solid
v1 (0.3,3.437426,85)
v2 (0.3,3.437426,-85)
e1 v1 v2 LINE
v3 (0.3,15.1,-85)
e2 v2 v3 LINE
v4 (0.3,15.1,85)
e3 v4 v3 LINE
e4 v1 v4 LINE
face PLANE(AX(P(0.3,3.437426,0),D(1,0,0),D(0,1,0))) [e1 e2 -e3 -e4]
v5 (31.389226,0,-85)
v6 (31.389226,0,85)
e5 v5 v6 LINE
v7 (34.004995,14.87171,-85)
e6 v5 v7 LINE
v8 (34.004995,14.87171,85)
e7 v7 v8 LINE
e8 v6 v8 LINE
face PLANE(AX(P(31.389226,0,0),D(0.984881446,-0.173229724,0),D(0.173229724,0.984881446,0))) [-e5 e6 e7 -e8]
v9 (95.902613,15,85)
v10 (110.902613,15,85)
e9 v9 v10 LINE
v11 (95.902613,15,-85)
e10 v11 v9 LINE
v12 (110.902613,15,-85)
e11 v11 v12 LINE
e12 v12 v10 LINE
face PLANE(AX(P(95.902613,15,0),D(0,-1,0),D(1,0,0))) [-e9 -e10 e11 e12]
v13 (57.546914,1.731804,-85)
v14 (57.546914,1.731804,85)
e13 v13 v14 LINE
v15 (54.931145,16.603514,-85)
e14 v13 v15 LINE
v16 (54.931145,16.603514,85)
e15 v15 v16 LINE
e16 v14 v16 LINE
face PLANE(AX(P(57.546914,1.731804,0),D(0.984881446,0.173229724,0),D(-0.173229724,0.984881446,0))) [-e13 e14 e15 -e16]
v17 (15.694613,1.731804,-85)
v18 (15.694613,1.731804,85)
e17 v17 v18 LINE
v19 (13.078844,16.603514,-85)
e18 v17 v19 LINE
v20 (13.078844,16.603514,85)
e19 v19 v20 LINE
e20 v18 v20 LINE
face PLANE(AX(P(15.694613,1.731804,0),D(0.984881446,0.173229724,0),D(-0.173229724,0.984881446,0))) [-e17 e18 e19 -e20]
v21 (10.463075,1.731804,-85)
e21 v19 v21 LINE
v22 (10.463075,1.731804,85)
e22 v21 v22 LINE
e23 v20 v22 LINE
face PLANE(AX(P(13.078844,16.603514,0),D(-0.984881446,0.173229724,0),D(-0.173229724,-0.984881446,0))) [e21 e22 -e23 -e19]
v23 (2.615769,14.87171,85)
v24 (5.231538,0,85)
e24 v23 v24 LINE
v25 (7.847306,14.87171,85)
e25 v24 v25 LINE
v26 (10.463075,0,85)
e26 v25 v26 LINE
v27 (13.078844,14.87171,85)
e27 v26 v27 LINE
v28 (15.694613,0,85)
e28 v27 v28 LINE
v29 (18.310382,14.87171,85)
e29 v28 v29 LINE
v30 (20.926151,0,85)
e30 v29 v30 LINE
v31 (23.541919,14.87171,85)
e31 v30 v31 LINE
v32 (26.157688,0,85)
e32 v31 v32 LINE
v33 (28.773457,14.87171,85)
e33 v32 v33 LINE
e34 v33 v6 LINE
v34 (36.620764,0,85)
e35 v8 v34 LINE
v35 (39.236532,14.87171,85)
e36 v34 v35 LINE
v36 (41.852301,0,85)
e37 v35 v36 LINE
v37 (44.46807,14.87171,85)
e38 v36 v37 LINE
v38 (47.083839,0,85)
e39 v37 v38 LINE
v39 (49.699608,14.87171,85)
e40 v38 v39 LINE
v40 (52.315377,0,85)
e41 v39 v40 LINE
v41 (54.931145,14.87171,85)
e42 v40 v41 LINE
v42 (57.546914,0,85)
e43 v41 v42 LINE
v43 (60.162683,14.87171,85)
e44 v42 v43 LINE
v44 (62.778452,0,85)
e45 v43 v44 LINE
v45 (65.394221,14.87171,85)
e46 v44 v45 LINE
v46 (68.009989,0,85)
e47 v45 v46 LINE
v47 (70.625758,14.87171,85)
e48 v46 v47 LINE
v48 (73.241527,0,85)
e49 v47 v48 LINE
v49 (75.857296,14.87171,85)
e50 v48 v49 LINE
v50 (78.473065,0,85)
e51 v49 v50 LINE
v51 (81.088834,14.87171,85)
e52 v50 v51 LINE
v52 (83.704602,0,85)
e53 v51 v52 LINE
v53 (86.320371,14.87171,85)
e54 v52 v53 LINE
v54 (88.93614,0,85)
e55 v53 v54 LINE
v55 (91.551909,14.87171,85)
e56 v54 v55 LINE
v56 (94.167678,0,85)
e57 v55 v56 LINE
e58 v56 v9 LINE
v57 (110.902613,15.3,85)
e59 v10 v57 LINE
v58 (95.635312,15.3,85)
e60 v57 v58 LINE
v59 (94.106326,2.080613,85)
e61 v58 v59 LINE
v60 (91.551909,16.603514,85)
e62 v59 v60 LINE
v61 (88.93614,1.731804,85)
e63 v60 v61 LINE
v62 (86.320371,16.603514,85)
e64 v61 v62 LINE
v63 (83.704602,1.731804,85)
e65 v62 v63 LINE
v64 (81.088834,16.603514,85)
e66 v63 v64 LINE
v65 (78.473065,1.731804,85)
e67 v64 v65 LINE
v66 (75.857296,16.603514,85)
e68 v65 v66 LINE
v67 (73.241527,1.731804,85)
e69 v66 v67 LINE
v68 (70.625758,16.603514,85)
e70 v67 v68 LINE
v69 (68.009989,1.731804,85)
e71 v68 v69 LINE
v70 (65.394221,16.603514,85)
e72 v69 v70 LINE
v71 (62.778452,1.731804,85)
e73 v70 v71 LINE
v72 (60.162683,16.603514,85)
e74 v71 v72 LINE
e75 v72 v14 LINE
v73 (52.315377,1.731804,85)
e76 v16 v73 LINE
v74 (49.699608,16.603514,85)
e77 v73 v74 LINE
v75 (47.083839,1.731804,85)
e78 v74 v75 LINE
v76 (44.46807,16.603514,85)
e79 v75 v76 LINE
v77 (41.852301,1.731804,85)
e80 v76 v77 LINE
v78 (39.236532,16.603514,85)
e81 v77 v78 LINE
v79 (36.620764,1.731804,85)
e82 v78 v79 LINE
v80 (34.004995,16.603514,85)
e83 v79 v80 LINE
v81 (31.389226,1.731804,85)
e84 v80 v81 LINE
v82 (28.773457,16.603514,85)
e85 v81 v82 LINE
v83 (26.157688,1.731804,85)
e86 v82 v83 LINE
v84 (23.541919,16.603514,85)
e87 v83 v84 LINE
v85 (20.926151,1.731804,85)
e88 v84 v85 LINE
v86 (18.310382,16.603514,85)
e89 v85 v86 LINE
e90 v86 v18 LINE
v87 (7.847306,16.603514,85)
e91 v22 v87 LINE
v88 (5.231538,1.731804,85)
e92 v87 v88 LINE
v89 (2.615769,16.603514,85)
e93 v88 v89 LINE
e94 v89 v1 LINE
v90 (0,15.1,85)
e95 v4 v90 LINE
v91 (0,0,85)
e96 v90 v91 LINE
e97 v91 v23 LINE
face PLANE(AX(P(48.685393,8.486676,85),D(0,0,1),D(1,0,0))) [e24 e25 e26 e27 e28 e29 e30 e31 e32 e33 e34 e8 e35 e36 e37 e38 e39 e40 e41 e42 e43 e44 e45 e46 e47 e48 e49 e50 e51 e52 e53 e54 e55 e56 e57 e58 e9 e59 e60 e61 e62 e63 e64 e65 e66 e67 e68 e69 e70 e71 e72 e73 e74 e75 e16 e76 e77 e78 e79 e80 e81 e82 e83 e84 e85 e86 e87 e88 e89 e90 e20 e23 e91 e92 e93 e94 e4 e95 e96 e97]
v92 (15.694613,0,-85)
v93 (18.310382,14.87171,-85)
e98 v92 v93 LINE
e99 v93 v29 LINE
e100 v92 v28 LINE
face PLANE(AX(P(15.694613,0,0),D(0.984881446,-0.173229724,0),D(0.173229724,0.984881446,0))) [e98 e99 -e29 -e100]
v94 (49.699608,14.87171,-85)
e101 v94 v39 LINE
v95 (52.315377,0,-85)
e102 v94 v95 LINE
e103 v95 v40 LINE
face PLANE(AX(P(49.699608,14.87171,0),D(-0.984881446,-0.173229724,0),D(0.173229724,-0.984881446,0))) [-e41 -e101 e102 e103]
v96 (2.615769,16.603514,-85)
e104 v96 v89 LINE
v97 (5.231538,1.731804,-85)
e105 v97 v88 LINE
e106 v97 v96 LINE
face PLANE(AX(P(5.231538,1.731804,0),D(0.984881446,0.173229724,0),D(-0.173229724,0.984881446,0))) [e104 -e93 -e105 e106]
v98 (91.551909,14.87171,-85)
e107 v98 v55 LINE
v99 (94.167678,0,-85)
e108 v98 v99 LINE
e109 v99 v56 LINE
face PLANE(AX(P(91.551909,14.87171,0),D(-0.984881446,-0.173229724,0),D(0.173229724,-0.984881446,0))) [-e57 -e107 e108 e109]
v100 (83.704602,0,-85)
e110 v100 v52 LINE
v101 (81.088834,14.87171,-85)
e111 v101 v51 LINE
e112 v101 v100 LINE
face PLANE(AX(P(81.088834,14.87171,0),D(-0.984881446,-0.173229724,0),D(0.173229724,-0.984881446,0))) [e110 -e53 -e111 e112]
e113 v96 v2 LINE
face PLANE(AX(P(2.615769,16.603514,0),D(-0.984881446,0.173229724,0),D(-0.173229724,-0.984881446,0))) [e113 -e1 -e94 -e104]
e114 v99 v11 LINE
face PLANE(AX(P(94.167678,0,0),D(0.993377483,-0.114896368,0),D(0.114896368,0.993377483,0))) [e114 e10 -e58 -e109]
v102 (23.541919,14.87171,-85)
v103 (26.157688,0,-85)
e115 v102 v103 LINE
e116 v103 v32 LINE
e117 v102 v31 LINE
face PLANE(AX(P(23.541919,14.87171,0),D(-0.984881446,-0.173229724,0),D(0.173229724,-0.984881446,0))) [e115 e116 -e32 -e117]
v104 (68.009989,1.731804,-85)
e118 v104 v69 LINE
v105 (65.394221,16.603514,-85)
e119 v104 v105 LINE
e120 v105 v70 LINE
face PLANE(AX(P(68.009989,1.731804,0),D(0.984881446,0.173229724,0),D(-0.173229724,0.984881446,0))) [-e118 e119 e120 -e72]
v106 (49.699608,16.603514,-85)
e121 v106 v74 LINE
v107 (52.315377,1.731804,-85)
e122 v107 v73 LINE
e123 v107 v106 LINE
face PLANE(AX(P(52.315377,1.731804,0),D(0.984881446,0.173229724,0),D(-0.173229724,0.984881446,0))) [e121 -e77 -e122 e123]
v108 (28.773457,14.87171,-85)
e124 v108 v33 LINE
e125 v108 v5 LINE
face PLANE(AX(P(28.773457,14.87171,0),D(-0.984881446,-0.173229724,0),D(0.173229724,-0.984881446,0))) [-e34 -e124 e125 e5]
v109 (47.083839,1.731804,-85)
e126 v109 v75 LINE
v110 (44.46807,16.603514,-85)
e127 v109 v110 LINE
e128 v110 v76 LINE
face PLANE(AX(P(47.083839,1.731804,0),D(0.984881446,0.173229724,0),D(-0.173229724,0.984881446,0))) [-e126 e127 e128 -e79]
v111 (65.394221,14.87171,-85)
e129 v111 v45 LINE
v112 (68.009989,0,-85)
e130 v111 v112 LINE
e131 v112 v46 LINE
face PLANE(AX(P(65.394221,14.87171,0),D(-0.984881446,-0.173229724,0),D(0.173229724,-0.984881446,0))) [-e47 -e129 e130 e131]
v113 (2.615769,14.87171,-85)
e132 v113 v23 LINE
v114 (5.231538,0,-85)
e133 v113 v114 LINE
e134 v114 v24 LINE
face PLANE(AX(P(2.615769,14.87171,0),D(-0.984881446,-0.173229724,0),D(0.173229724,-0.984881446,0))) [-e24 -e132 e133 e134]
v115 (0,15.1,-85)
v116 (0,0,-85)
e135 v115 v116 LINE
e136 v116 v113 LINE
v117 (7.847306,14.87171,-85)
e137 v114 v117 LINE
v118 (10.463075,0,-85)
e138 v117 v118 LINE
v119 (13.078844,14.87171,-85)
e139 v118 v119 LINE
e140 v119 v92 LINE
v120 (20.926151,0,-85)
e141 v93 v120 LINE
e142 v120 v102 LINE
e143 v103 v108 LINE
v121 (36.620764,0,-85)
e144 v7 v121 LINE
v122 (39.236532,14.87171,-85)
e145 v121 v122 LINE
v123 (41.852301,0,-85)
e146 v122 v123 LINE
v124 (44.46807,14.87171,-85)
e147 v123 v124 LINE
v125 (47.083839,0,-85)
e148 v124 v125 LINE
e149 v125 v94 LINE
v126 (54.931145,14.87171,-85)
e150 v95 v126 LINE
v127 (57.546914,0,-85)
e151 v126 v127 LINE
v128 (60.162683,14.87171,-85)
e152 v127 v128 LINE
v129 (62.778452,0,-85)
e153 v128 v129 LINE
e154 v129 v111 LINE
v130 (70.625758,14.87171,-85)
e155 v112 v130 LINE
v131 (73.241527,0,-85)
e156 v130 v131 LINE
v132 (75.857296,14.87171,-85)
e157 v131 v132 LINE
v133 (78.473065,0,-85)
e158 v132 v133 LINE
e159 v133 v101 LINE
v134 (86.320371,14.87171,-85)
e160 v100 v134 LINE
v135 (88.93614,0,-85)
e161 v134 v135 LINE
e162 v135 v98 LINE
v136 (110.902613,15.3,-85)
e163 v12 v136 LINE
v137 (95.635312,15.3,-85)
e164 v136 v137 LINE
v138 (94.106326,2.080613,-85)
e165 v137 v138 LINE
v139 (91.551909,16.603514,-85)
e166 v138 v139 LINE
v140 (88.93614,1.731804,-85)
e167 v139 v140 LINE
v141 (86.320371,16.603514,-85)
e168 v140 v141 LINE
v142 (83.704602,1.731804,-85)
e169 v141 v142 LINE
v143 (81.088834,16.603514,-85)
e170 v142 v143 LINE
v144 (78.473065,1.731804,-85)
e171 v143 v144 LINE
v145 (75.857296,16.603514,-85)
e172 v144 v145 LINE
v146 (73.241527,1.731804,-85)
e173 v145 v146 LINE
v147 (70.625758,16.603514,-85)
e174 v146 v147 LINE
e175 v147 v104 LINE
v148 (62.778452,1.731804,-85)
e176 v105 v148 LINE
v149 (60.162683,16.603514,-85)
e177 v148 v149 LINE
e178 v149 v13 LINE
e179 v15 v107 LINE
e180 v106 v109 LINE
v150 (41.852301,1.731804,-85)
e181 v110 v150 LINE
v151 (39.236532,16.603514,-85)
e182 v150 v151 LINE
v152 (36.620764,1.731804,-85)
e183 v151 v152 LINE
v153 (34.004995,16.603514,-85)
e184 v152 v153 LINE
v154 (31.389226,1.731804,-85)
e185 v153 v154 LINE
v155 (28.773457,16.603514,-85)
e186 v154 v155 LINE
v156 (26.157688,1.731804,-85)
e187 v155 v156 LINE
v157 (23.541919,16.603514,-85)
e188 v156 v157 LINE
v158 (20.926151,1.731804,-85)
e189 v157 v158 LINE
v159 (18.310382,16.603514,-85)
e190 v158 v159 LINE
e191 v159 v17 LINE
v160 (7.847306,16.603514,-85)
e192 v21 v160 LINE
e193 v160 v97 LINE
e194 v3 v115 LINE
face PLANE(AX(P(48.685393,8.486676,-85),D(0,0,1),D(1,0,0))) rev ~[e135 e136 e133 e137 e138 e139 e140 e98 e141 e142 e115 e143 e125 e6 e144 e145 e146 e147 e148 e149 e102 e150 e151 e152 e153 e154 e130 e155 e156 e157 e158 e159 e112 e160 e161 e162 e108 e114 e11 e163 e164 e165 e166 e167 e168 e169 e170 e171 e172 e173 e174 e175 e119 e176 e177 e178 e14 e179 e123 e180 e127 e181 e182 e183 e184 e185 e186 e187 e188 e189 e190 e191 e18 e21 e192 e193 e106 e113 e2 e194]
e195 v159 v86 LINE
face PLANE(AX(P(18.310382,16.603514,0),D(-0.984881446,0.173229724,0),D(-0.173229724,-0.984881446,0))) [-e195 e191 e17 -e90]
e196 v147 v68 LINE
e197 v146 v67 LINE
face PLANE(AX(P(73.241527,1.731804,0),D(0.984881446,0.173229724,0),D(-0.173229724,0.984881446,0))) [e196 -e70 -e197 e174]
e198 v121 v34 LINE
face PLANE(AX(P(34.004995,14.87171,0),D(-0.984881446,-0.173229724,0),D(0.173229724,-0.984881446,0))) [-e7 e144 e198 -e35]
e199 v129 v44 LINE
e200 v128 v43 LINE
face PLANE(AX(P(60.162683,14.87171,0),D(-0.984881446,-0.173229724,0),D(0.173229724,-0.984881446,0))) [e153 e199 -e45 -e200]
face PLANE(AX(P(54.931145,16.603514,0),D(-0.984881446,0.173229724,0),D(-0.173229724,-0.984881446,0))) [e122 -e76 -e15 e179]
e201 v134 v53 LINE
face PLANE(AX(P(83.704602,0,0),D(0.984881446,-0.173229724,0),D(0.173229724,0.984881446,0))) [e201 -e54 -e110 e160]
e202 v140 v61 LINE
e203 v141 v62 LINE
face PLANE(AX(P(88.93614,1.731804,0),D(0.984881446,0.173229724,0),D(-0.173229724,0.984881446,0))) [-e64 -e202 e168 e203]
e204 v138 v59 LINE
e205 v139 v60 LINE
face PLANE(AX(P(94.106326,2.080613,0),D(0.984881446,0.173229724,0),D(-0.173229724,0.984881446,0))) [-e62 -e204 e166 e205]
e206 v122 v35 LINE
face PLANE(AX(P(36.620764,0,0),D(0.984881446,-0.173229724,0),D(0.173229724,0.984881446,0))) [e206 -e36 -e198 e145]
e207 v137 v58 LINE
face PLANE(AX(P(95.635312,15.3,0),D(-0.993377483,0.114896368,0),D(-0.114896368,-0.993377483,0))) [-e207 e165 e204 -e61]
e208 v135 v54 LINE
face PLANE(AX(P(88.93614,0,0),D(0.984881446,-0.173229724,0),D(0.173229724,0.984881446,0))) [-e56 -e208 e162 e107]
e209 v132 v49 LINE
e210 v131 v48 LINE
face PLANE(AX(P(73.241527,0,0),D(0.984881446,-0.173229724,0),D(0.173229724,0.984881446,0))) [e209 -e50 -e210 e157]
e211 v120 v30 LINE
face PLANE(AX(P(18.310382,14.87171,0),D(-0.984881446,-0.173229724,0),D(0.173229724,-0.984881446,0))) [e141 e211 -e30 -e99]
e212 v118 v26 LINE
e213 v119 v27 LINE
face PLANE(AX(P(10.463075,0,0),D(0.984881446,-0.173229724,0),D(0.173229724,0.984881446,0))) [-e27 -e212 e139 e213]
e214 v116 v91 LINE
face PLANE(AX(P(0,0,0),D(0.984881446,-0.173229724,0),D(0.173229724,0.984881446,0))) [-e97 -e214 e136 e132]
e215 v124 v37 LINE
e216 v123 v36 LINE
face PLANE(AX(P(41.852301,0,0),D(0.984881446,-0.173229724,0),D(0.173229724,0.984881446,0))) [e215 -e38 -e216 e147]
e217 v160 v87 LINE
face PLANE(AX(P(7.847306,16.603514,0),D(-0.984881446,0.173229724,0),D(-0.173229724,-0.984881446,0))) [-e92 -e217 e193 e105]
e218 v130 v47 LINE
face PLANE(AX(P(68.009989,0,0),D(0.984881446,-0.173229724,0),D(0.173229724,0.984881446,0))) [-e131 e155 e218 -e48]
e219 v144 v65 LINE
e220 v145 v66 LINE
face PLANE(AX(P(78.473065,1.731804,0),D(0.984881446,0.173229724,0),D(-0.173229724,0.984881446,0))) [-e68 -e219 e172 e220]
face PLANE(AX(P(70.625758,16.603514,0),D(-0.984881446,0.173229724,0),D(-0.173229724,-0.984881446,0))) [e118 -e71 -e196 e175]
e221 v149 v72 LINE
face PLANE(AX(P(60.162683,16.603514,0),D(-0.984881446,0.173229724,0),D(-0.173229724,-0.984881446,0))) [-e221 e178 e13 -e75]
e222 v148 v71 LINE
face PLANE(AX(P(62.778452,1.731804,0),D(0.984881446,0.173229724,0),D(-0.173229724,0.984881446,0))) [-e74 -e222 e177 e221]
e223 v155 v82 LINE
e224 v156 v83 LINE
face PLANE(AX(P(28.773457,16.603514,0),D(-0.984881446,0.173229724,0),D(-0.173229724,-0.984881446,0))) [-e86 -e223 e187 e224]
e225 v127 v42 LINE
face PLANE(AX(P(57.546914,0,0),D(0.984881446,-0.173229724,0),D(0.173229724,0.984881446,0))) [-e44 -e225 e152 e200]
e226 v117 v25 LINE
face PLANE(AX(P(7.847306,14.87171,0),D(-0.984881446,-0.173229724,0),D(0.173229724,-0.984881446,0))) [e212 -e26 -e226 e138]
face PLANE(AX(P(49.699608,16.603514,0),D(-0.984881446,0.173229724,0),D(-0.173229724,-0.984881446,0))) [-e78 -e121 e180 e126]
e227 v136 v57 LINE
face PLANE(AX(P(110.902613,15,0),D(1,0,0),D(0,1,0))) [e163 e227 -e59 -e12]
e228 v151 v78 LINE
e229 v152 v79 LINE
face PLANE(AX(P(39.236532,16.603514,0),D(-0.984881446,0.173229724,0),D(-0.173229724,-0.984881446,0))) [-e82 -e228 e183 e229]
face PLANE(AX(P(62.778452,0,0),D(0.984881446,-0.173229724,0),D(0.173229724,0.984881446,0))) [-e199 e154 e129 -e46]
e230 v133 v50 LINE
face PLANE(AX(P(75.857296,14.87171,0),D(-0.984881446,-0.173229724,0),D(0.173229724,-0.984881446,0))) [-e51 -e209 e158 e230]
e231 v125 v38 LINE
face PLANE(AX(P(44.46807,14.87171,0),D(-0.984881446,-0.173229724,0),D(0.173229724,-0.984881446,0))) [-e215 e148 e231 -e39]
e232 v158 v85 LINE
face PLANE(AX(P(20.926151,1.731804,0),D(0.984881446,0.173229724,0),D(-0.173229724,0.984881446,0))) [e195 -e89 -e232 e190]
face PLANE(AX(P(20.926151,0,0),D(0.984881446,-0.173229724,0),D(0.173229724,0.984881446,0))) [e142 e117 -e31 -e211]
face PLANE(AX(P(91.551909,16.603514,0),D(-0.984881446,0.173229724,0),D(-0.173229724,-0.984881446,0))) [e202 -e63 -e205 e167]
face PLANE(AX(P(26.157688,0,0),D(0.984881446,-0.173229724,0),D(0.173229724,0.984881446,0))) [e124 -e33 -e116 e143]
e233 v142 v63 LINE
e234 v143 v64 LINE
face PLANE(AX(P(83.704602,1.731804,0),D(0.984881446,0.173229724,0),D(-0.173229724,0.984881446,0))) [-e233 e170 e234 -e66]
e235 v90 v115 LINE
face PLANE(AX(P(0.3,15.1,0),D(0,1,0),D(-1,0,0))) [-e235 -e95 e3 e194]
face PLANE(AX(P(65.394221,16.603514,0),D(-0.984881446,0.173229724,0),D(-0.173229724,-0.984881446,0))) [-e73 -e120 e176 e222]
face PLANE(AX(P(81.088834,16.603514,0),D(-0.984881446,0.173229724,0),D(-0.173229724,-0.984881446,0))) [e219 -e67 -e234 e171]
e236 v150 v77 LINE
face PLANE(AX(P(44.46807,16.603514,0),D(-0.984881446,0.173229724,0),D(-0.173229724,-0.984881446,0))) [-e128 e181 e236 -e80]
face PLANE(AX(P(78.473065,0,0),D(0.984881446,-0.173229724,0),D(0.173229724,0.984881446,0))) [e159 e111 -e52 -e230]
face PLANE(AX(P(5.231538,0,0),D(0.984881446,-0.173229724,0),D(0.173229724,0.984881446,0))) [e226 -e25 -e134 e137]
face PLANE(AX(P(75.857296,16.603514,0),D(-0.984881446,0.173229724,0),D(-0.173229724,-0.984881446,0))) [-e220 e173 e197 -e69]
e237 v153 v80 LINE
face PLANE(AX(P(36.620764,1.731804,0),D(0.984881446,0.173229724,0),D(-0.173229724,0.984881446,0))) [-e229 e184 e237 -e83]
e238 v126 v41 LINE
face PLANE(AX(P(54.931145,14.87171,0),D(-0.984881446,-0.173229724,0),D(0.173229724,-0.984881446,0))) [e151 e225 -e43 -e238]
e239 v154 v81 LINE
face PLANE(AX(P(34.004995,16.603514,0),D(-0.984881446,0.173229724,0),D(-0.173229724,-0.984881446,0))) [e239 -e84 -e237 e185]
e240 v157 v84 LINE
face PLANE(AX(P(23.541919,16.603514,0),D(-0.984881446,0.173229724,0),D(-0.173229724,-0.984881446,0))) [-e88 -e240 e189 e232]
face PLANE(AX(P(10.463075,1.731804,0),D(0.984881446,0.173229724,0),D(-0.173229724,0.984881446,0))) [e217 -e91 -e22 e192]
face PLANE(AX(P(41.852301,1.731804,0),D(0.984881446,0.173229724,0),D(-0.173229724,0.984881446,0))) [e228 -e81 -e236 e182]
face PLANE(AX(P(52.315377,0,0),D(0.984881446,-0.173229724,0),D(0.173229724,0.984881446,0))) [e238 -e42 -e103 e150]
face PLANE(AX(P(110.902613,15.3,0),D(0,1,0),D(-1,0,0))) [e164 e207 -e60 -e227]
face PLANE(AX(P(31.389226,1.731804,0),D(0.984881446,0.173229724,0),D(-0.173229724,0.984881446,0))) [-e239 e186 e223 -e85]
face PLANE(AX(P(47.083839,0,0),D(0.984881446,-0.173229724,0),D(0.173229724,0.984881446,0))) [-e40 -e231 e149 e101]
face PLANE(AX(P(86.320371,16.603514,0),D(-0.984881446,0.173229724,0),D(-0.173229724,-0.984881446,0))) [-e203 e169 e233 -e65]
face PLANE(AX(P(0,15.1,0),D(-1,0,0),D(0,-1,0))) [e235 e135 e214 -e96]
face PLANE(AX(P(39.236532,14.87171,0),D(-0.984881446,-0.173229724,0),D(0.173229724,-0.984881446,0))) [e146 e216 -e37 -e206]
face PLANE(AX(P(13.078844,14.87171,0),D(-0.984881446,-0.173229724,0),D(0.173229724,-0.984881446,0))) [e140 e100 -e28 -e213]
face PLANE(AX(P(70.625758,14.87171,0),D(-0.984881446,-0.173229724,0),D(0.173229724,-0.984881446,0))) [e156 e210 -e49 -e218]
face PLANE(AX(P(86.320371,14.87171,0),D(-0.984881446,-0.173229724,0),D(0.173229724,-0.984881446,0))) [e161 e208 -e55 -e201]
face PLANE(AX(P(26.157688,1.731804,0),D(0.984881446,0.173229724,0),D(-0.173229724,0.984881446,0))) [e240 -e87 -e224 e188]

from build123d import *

# Parameters (mm, degrees)
EXTRUDE_THIN1_DEPTH = 85


with BuildPart() as part:
    # Sketch1 → Extrude-Thin1 (new, symmetric)
    with BuildSketch(Plane.XY):
        Polygon((0, 15.1), (0, 0), (2.615768825, 14.871709836), (5.23153765, 0), (7.847306476, 14.871709836), (10.463075301, 0), (13.078844126, 14.871709836), (15.694612951, 0), (18.310381776, 14.871709836), (20.926150602, 0), (23.541919427, 14.871709836), (26.157688252, 0), (28.773457077, 14.871709836), (31.389225902, 0), (34.004994728, 14.871709836), (36.620763553, 0), (39.236532378, 14.871709836), (41.852301203, 0), (44.468070028, 14.871709836), (47.083838854, 0), (49.699607679, 14.871709836), (52.315376504, 0), (54.931145329, 14.871709836), (57.546914154, 0), (60.16268298, 14.871709836), (62.778451805, 0), (65.39422063, 14.871709836), (68.009989455, 0), (70.62575828, 14.871709836), (73.241527106, 0), (75.857295931, 14.871709836), (78.473064756, 0), (81.088833581, 14.871709836), (83.704602406, 0), (86.320371232, 14.871709836), (88.936140057, 0), (91.551908882, 14.871709836), (94.167677707, 0), (95.902612864, 15), (110.902612864, 15), (110.902612864, 15.3), (95.635311568, 15.3), (94.106326229, 2.080612527), (91.551908882, 16.603514251), (88.936140057, 1.731804415), (86.320371232, 16.603514251), (83.704602406, 1.731804415), (81.088833581, 16.603514251), (78.473064756, 1.731804415), (75.857295931, 16.603514251), (73.241527106, 1.731804415), (70.62575828, 16.603514251), (68.009989455, 1.731804415), (65.39422063, 16.603514251), (62.778451805, 1.731804415), (60.16268298, 16.603514251), (57.546914154, 1.731804415), (54.931145329, 16.603514251), (52.315376504, 1.731804415), (49.699607679, 16.603514251), (47.083838854, 1.731804415), (44.468070028, 16.603514251), (41.852301203, 1.731804415), (39.236532378, 16.603514251), (36.620763553, 1.731804415), (34.004994728, 16.603514251), (31.389225902, 1.731804415), (28.773457077, 16.603514251), (26.157688252, 1.731804415), (23.541919427, 16.603514251), (20.926150602, 1.731804415), (18.310381776, 16.603514251), (15.694612951, 1.731804415), (13.078844126, 16.603514251), (10.463075301, 1.731804415), (7.847306476, 16.603514251), (5.23153765, 1.731804415), (2.615768825, 16.603514251), (0.3, 3.437426452), (0.3, 15.1), align=None)
    extrude(amount=EXTRUDE_THIN1_DEPTH, both=True)


solid = part.part
